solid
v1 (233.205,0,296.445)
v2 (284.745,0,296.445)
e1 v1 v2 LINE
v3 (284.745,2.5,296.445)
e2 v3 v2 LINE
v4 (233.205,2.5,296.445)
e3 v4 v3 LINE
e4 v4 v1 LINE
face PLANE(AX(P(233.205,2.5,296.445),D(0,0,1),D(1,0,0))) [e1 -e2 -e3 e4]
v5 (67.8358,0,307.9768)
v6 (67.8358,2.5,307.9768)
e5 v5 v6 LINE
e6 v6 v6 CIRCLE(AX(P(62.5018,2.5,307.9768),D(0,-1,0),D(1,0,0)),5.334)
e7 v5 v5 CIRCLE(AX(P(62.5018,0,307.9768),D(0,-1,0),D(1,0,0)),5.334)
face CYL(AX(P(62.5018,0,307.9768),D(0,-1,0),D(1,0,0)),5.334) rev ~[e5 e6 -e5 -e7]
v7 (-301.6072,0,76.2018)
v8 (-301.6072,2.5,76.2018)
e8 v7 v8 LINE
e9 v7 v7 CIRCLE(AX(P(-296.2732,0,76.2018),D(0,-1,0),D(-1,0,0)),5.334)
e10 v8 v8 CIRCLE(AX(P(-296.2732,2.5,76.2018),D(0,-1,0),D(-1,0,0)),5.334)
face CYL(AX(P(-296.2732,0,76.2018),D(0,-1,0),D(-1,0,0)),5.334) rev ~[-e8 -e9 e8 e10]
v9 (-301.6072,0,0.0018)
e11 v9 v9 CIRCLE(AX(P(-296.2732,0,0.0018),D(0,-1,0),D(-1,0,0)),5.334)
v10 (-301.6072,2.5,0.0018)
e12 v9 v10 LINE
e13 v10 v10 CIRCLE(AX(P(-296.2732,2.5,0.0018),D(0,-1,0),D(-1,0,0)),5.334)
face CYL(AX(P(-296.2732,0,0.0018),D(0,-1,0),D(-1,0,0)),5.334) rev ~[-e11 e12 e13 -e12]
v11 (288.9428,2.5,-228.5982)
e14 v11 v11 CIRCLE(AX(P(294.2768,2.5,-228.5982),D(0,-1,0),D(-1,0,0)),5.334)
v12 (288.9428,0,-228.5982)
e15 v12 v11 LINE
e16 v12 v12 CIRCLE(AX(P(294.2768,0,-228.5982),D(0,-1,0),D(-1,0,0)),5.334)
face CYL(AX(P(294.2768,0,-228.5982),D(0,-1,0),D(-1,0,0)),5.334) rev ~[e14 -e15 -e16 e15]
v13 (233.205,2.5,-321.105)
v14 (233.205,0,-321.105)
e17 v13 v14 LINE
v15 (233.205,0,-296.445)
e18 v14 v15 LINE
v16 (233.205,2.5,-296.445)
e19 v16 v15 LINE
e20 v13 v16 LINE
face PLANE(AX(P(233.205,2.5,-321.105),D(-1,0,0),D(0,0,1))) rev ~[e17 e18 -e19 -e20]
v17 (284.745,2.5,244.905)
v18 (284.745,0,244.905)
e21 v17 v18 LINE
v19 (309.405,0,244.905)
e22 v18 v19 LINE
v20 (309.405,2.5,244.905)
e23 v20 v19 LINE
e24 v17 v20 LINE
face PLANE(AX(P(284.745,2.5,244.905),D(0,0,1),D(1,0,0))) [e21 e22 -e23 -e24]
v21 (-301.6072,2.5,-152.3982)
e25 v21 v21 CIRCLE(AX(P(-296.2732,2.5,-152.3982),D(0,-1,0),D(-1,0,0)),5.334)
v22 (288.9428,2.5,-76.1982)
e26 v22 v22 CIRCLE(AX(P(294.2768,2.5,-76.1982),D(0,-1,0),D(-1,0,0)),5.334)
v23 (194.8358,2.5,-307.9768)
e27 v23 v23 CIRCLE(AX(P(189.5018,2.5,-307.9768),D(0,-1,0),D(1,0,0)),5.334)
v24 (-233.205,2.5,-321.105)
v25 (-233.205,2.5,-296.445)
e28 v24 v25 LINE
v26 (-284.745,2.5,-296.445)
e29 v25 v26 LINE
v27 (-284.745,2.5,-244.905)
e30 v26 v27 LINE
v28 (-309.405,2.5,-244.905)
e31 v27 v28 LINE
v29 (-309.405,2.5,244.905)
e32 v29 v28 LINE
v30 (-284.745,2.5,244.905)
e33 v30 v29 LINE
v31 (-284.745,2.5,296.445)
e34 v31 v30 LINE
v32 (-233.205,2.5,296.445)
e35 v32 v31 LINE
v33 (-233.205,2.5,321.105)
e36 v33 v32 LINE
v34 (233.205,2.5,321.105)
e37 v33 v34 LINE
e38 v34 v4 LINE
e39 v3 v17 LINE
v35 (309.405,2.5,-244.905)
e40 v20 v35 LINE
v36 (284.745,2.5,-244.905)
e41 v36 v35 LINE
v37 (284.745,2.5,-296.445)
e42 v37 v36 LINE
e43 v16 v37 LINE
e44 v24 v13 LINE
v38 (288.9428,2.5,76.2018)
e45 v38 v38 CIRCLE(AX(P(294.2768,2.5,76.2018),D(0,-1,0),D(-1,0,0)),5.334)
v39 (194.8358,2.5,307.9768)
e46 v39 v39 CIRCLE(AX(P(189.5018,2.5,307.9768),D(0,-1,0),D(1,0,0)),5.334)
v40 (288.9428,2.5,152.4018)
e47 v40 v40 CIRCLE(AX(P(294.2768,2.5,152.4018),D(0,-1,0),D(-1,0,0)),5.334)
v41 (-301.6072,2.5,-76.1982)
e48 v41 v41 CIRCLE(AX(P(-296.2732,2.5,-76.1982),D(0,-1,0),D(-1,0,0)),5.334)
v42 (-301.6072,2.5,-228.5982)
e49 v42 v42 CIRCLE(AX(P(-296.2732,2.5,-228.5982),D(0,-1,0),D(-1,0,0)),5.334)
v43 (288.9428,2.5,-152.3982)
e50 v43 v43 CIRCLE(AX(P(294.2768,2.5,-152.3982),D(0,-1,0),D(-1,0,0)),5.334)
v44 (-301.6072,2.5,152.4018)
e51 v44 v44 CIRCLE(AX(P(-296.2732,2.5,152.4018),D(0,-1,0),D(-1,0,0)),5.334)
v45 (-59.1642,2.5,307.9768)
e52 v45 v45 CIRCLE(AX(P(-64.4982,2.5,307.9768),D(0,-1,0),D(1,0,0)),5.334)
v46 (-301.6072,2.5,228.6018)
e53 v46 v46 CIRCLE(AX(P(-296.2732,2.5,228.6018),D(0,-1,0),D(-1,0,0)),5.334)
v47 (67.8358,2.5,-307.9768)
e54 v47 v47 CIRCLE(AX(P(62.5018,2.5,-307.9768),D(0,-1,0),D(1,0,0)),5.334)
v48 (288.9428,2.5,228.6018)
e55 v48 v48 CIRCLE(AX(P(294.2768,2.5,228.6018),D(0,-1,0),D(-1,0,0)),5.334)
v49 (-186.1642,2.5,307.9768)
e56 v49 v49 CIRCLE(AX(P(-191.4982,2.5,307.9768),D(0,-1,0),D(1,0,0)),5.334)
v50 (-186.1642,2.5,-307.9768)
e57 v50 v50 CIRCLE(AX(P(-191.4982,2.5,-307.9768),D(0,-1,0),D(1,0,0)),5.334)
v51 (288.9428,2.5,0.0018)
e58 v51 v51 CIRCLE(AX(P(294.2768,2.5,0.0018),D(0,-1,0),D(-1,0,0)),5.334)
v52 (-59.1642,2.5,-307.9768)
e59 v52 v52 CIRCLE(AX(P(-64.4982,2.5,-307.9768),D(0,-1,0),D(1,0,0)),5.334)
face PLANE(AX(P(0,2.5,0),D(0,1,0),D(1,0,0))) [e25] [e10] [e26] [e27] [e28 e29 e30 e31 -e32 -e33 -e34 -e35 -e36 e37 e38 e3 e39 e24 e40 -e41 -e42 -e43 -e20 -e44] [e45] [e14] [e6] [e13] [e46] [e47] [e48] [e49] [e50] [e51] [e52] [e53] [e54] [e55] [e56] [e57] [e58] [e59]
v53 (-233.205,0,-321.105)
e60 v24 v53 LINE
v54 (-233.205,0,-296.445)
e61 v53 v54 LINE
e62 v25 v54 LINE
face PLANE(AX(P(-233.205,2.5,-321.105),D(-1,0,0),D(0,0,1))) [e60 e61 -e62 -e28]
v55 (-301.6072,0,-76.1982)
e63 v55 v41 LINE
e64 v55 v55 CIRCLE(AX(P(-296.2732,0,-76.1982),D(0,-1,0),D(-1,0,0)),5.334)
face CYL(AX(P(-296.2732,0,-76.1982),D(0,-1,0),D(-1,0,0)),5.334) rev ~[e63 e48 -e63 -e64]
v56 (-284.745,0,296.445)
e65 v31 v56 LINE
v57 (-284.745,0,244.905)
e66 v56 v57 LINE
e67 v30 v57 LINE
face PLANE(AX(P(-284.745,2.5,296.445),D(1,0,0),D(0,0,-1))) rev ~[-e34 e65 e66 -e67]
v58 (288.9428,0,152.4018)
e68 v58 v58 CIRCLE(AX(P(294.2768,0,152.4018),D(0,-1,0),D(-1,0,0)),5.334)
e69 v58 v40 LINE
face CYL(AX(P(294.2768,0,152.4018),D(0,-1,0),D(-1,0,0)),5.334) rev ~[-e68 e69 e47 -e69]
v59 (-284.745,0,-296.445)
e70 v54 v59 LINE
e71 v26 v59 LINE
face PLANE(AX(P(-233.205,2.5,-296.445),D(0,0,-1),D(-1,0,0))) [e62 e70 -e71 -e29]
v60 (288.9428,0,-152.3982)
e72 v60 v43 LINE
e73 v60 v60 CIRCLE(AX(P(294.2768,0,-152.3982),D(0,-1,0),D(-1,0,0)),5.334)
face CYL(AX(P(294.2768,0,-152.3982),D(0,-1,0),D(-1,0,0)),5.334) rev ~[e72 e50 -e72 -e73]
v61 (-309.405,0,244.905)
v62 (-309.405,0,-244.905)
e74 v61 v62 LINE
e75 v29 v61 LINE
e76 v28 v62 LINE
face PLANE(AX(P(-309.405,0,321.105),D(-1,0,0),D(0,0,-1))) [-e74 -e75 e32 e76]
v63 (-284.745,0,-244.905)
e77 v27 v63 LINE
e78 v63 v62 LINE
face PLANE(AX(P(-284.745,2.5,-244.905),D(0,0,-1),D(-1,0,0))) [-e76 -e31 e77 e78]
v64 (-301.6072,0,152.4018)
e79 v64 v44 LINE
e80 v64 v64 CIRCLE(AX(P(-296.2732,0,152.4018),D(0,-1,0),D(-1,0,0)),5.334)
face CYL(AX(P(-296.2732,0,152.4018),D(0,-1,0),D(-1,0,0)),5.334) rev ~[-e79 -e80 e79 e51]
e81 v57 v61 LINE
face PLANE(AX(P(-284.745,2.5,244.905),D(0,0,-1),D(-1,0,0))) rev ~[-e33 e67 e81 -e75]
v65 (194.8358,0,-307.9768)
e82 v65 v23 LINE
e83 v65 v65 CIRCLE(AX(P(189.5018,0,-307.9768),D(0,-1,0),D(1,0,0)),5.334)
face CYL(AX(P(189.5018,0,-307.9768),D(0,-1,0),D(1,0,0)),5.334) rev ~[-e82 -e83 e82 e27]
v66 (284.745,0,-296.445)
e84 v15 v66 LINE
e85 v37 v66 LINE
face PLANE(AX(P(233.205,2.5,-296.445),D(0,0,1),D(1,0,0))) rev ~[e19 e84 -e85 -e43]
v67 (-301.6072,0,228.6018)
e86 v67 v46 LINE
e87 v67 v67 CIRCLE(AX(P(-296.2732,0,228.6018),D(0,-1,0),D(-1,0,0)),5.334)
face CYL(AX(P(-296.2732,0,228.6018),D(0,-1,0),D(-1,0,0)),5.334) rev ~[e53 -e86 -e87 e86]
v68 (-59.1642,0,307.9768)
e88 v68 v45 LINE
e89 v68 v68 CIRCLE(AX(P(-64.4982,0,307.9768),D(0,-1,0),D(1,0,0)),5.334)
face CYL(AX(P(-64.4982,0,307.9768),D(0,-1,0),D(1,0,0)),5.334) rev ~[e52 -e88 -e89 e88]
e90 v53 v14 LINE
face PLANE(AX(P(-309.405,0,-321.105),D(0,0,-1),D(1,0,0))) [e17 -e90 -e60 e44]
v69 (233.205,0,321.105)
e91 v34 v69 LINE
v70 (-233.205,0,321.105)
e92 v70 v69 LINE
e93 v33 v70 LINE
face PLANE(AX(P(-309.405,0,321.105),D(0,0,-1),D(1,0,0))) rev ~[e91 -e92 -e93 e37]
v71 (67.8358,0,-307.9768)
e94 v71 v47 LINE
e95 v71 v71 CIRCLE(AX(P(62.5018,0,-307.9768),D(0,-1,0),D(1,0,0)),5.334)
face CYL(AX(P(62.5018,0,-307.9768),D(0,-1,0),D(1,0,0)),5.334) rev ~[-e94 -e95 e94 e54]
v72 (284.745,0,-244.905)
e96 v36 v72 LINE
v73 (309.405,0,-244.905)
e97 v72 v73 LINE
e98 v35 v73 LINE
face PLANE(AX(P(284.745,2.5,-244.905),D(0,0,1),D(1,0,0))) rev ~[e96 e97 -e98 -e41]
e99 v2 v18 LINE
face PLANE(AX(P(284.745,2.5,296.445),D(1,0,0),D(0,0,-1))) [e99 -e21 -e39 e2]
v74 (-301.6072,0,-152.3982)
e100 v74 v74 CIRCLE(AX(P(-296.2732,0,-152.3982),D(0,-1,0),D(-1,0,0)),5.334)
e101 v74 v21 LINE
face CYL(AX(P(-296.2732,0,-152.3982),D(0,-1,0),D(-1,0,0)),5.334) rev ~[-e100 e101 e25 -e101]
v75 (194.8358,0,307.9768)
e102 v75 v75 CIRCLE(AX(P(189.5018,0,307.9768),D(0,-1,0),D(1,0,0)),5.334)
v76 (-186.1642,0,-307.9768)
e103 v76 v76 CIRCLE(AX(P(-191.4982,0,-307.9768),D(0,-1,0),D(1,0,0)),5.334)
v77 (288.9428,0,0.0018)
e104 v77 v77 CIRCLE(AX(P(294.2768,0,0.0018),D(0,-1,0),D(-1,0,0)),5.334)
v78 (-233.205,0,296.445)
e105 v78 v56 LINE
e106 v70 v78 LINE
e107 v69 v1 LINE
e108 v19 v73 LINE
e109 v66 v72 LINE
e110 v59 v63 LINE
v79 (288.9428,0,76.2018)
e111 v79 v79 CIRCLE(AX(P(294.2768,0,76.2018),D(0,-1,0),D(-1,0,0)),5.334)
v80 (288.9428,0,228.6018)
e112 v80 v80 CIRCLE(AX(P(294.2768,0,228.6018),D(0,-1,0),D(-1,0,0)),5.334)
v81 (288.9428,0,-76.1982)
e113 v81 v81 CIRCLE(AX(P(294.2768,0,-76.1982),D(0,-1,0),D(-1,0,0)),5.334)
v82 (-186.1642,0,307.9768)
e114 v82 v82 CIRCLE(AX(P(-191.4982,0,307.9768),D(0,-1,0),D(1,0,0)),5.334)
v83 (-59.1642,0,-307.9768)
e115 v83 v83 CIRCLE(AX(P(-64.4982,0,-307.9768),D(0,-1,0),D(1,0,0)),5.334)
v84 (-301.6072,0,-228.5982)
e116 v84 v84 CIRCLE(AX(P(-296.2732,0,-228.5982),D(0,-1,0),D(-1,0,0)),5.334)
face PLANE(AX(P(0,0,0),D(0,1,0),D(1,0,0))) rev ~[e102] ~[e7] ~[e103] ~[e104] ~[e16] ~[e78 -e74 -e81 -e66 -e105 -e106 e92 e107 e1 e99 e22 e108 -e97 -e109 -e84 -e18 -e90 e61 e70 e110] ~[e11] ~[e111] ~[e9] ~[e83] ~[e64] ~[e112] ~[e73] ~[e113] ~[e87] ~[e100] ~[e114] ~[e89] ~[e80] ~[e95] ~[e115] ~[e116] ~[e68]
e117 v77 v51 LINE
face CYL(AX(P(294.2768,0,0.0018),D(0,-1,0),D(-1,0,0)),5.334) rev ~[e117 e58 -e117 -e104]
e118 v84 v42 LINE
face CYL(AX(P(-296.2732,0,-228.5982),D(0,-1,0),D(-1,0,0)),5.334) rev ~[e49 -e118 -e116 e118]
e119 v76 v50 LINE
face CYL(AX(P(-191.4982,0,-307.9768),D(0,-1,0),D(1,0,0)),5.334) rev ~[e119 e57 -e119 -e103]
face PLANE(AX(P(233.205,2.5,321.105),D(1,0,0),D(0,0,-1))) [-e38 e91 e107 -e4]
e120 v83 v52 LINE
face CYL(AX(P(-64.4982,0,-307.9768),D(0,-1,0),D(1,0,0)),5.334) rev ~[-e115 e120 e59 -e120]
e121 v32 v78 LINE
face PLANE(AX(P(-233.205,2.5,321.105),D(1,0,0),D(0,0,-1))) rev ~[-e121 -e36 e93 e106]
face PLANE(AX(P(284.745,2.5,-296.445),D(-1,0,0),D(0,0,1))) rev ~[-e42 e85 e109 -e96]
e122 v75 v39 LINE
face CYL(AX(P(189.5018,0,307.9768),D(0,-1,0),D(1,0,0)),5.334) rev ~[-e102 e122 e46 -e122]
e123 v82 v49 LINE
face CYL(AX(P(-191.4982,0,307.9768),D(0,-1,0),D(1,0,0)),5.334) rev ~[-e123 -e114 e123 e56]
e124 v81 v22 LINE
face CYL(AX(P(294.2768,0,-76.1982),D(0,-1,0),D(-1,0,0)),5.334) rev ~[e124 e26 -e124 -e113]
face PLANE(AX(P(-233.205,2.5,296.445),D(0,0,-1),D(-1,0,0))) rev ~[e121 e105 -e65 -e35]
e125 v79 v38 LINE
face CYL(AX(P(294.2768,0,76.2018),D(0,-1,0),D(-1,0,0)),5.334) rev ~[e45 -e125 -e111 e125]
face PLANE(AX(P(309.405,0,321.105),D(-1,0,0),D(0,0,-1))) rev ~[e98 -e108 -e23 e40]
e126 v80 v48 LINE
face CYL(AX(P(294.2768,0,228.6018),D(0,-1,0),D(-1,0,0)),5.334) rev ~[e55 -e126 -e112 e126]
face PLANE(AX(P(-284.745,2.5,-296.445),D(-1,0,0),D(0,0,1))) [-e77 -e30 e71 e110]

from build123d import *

# Parameters (mm, degrees)
SKETCH1_W           = 618.81
SKETCH1_H           = 642.21
BOSS_EXTRUDE1_DEPTH = 2.5
CUT_EXTRUDE1_DEPTH  = 2.5
SKETCH3_R           = 5.334
CUT_EXTRUDE2_DEPTH  = 10
SKETCH4_R           = 5.334
CUT_EXTRUDE3_DEPTH  = 10


with BuildPart() as part:
    # Sketch1 → Boss-Extrude1 (new body)
    with BuildSketch(Plane(origin=(0, 0, 0), x_dir=(1, 0, 0), z_dir=(0, 1, 0))):
        Rectangle(SKETCH1_W, SKETCH1_H)
    extrude(amount=BOSS_EXTRUDE1_DEPTH)

    # Sketch2 → Cut-Extrude1 (cut)
    with BuildSketch(Plane(origin=(0, 2.5, 0), x_dir=(1, 0, 0), z_dir=(0, 1, 0))):
        Polygon((-309.405, 321.105), (-233.205, 321.105), (-233.205, 296.445), (-284.745, 296.445), (-284.745, 244.905), (-309.405, 244.905), align=None)
        Polygon((-284.745, -244.905), (-309.405, -244.905), (-309.405, -321.105), (-233.205, -321.105), (-233.205, -296.445), (-284.745, -296.445), align=None)
        Polygon((284.745, -296.445), (284.745, -244.905), (309.405, -244.905), (309.405, -321.105), (233.205, -321.105), (233.205, -296.445), align=None)
        Polygon((284.745, 244.905), (309.405, 244.905), (309.405, 321.105), (233.205, 321.105), (233.205, 296.445), (284.745, 296.445), align=None)
    extrude(amount=-CUT_EXTRUDE1_DEPTH, mode=Mode.SUBTRACT)

    # Sketch3 → Cut-Extrude2 (cut)
    with BuildSketch(Plane(origin=(0, 0, 0), x_dir=(-1, 0, 0), z_dir=(0, -1, 0))):
        with Locations((-294.2768, -228.6018)):
            Circle(SKETCH3_R)
        with Locations((-294.2768, -152.4018)):
            Circle(SKETCH3_R)
        with Locations((-294.2768, -76.2018)):
            Circle(SKETCH3_R)
        with Locations((-294.2768, -0.0018)):
            Circle(SKETCH3_R)
        with Locations((-294.2768, 76.1982)):
            Circle(SKETCH3_R)
        with Locations((-294.2768, 152.3982)):
            Circle(SKETCH3_R)
        with Locations((-294.2768, 228.5982)):
            Circle(SKETCH3_R)
        with Locations((296.2732, -228.6018)):
            Circle(SKETCH3_R)
        with Locations((296.2732, -152.4018)):
            Circle(SKETCH3_R)
        with Locations((296.2732, -76.2018)):
            Circle(SKETCH3_R)
        with Locations((296.2732, -0.0018)):
            Circle(SKETCH3_R)
        with Locations((296.2732, 76.1982)):
            Circle(SKETCH3_R)
        with Locations((296.2732, 152.3982)):
            Circle(SKETCH3_R)
        with Locations((296.2732, 228.5982)):
            Circle(SKETCH3_R)
    extrude(amount=-CUT_EXTRUDE2_DEPTH, mode=Mode.SUBTRACT)

    # Sketch4 → Cut-Extrude3 (cut)
    with BuildSketch(Plane.XZ):
        with Locations((189.5018, 307.9768)):
            Circle(SKETCH4_R)
        with Locations((62.5018, 307.9768)):
            Circle(SKETCH4_R)
        with Locations((-64.4982, 307.9768)):
            Circle(SKETCH4_R)
        with Locations((-191.4982, 307.9768)):
            Circle(SKETCH4_R)
        with Locations((-191.4982, -307.9768)):
            Circle(SKETCH4_R)
        with Locations((-64.4982, -307.9768)):
            Circle(SKETCH4_R)
        with Locations((62.5018, -307.9768)):
            Circle(SKETCH4_R)
        with Locations((189.5018, -307.9768)):
            Circle(SKETCH4_R)
    extrude(amount=-CUT_EXTRUDE3_DEPTH, mode=Mode.SUBTRACT)


solid = part.part
